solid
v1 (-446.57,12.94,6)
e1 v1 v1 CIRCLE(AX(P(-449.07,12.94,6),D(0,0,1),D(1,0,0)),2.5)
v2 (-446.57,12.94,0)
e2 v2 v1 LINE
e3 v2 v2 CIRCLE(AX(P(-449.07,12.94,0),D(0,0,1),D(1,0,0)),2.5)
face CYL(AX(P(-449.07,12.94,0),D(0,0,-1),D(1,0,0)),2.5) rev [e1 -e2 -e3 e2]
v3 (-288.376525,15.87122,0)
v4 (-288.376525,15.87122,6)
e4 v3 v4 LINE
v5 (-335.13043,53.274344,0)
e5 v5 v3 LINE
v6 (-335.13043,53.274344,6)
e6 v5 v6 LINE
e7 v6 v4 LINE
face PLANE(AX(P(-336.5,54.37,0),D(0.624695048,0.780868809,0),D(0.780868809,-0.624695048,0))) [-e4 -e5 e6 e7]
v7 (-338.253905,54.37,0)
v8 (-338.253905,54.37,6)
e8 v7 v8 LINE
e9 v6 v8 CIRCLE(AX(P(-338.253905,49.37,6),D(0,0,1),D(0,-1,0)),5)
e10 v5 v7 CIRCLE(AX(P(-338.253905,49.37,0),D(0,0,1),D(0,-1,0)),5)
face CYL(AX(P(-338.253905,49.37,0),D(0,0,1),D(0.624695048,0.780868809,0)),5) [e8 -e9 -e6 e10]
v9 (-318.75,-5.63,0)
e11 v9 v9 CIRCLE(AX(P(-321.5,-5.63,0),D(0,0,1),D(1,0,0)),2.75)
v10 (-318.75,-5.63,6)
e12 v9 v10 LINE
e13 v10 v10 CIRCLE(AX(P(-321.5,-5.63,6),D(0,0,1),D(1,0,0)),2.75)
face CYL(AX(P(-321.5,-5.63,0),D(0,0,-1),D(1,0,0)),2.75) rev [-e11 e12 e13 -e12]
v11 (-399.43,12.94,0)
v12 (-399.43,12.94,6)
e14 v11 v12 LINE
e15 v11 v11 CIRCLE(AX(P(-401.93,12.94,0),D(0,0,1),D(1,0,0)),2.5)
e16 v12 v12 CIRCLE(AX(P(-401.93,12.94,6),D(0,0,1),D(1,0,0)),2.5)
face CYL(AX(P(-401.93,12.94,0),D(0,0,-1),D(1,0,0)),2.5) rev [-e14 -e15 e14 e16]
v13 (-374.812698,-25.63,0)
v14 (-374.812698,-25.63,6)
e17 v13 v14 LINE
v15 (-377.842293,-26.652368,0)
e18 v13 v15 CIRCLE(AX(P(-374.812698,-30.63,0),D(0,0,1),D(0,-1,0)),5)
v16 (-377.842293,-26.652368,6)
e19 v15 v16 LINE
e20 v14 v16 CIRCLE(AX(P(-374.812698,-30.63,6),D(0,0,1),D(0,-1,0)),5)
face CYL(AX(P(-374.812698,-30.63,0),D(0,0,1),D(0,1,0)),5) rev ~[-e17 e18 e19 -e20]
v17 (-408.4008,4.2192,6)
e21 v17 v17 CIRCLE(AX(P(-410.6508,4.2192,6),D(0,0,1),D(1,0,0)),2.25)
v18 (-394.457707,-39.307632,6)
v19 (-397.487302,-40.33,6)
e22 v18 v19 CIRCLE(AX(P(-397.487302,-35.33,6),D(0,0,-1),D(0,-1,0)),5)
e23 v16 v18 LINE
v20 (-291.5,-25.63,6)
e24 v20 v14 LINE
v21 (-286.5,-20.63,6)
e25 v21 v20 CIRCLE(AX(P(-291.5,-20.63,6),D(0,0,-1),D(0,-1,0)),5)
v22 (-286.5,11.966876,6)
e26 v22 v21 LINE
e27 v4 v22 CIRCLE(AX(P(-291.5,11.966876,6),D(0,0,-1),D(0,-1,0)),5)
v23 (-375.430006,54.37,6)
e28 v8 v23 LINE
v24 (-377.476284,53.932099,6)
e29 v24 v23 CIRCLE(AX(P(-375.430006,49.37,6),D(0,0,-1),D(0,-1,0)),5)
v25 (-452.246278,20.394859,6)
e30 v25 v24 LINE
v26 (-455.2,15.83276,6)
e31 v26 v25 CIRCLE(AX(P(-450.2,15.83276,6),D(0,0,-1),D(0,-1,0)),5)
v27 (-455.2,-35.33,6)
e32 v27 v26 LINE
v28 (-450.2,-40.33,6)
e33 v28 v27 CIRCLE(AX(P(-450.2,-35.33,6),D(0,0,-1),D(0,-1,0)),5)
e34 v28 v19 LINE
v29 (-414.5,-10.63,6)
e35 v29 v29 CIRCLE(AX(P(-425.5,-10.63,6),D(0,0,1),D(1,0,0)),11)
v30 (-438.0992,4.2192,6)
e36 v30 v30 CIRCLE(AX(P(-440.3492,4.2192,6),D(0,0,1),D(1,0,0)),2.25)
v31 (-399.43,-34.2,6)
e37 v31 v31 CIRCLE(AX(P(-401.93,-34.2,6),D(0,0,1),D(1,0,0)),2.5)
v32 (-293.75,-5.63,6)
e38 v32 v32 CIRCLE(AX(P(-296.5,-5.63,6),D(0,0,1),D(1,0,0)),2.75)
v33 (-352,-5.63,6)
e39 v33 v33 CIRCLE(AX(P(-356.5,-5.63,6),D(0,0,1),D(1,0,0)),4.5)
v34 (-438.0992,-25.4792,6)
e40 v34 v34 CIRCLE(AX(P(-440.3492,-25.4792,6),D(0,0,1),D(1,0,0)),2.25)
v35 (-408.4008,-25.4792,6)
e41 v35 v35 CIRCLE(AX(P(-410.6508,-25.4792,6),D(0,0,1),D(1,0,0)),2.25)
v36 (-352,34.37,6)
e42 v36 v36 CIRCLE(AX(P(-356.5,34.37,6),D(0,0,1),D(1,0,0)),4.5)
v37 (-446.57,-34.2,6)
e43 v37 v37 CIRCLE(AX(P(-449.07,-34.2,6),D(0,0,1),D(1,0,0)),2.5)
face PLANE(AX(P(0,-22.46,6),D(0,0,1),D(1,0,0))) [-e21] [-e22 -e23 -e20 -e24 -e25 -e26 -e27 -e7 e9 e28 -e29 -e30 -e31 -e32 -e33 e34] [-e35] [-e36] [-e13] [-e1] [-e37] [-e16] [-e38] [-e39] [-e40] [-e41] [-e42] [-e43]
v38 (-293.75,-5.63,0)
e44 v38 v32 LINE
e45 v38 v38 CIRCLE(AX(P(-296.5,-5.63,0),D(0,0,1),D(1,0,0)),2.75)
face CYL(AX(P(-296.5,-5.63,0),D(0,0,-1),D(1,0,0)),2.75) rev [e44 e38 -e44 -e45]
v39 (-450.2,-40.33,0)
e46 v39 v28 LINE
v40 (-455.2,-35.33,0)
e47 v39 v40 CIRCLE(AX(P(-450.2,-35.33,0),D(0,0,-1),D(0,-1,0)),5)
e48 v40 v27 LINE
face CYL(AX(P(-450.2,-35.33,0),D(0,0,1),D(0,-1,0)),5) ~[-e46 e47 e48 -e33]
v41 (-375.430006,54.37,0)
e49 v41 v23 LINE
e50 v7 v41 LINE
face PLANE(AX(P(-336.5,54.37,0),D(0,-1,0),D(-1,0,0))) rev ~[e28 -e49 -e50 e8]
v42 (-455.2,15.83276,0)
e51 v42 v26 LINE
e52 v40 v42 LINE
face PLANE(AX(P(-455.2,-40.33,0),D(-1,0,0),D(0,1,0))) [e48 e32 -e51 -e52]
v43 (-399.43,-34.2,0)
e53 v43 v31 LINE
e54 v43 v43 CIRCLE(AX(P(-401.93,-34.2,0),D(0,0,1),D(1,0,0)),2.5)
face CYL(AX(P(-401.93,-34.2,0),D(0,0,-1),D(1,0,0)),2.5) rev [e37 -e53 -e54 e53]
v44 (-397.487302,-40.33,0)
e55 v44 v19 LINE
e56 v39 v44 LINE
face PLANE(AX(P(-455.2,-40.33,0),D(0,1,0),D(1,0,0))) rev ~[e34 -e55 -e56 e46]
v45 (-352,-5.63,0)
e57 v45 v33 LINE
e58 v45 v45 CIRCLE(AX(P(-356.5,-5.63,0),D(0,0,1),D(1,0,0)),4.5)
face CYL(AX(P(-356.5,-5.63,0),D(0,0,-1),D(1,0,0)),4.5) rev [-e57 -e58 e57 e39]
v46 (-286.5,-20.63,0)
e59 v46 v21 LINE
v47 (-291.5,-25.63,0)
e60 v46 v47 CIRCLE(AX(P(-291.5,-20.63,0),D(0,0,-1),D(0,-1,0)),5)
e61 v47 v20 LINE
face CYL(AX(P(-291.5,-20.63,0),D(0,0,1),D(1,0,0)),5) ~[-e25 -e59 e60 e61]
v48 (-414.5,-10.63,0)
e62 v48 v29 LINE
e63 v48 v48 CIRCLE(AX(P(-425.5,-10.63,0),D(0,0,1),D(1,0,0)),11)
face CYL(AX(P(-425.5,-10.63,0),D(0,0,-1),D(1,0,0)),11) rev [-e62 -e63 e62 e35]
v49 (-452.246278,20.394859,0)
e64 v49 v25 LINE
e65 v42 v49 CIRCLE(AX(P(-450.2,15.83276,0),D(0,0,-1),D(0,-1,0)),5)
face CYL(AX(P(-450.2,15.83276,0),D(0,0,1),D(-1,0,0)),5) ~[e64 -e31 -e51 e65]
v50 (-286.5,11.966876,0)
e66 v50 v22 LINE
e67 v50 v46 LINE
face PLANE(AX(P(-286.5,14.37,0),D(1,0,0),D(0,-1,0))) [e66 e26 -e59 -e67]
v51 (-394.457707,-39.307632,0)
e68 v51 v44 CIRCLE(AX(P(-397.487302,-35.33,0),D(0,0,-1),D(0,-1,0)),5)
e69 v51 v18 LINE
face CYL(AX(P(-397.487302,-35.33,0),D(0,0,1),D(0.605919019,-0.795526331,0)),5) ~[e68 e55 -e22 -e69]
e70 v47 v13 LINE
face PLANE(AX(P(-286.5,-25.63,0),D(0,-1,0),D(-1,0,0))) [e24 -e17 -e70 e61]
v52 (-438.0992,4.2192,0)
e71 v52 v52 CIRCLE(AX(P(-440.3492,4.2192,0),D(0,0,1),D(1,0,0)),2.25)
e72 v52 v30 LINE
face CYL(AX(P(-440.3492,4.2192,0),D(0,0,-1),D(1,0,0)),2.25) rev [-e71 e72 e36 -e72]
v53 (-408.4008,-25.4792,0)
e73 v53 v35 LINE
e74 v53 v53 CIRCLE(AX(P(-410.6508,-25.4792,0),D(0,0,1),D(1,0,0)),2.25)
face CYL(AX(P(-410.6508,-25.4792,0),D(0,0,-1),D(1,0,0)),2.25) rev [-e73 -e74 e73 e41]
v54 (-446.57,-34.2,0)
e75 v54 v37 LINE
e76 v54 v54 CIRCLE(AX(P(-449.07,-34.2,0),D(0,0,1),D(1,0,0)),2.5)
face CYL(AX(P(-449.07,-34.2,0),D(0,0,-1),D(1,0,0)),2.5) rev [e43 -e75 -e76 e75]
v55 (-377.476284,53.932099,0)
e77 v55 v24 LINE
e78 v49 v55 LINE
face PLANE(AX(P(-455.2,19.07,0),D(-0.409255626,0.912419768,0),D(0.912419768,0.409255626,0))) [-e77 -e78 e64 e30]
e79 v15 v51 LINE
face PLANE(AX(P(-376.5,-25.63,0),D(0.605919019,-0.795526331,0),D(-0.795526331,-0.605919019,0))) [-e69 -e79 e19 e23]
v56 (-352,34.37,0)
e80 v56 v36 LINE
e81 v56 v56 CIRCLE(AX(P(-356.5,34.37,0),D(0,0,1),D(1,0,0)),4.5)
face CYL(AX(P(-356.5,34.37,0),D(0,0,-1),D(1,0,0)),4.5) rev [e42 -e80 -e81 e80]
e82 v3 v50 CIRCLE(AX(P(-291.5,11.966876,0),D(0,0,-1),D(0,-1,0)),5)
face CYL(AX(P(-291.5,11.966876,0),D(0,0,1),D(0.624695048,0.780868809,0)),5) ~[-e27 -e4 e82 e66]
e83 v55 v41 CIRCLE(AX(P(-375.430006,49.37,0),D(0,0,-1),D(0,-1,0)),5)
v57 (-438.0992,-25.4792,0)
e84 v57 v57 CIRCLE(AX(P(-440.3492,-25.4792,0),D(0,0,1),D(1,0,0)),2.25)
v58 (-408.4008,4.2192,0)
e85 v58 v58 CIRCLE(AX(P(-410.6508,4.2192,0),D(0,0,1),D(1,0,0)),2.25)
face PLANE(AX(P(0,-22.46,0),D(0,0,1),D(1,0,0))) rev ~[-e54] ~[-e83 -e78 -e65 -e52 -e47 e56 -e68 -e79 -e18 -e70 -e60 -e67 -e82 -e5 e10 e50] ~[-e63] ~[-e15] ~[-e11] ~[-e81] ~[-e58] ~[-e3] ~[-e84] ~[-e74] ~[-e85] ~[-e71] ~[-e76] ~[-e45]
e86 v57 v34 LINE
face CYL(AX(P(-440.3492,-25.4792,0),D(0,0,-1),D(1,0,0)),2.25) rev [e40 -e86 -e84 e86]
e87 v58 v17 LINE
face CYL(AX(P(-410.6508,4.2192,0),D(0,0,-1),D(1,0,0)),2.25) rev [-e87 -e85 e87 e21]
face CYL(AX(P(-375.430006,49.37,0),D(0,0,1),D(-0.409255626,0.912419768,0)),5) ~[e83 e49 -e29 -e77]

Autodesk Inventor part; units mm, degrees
ref_plane "YZ Plane" through (0, 0, 0) normal (1, 0, 0) x (0, 1, 0)
ref_plane "XZ Plane" through (0, 0, 0) normal (0, 1, 0) x (-1, 0, 0)
ref_plane "XY Plane" through (0, 0, 0) normal (0, 0, 1) x (1, 0, 0)
ref_plane "Work Plane1" through (0, -22.46, 0) normal (0, 0, 1) x (1, 0, 0)
sketch "Sketch1" plane through (0, -22.46, 0) normal (0, 0, 1) x (1, 0, 0)
  circle A0 centre (-356.5, 56.83) radius 3.4 projected
  circle A1 centre (-356.5, 16.83) radius 3.4 projected
  line L0 (-336.5, 62.3996) -> (-336.5, 73.66) projected
  line L1 (-339.6594, 76.83) -> (-350.9175, 76.83) projected
  line L2 (-376.5, 73.8874) -> (-376.5, 62.627) projected
  line L3 (-376.5, 73.8874) -> (-376.5, 62.627) projected
  line L4 (-362.0696, 76.83) -> (-373.33, 76.83) projected
  line L5 (0, -3.17) -> (-336.5, -3.17) projected
  line L6 (-350.9175, -3.17) -> (-339.6594, -3.17) projected
  line L7 (-373.33, -3.17) -> (-362.0696, -3.17) projected
  line L8 (-376.5, 11.033) -> (-376.5, -0.2274) projected
  line L9 (-440.5, -13.17) -> (-410.5, -13.17) projected
  line L10 (-440.5, 36.83) -> (-440.5, -13.17) projected
  circle A2 centre (-425.5, 11.83) radius 11 projected
  point P0 (0, 22.46)
sketch "Sketch2" plane through (0, -22.46, 0) normal (0, 0, 1) x (1, 0, 0)
  circle A0 centre (-321.5, 16.83) radius 2.75
  circle A1 centre (-296.5, 16.83) radius 2.75
  line L0 (-336.5, 62.3996) -> (-336.5, 73.66) projected
  line L1 (0, -3.17) -> (-336.5, -3.17) construction
  circle A2 centre (-425.5, 11.83) radius 11 projected
  circle A3 centre (-425.5, 11.83) radius 21 construction
  circle A4 centre (-425.5, 11.83) radius 33.333 construction
  circle A5 centre (-440.3492, 26.6792) radius 2.25
  circle A6 centre (-449.07, 35.4) radius 2.5
  circle A7 centre (-440.3492, -3.0192) radius 2.25
  circle A8 centre (-410.6508, -3.0192) radius 2.25
  circle A9 centre (-410.6508, 26.6792) radius 2.25
  circle A10 centre (-449.07, -11.74) radius 2.5
  circle A11 centre (-401.93, -11.74) radius 2.5
  circle A12 centre (-401.93, 35.4) radius 2.5
  line L2 (-339.6594, 76.83) -> (-350.9175, 76.83) construction
  line L3 (-362.0696, 76.83) -> (-373.33, 76.83) construction
  line L4 (-376.5, 73.8874) -> (-376.5, 62.627) projected
  line L5 (-350.9175, -3.17) -> (-339.6594, -3.17) construction
  line L6 (-373.33, -3.17) -> (-362.0696, -3.17) construction
  line L7 (-376.5, 11.033) -> (-376.5, -0.2274) construction
  line L8 (-373.33, 76.83) -> (-376.5, 76.83) construction
  line L9 (-376.5, 76.83) -> (-376.5, 73.8874) construction
  line L10 (-336.5, 73.66) -> (-336.5, 76.83) construction
  line L11 (-336.5, 76.83) -> (-339.6594, 76.83) construction
  line L12 (-376.5, -0.2274) -> (-376.5, -3.17) construction
  line L13 (-376.5, -3.17) -> (-336.5, -3.17) construction
  line L14 (-395.8, -17.87) -> (-455.2, -17.87) construction
  line L15 (-455.2, -17.87) -> (-455.2, 41.53) construction
  line L16 (-455.2, 41.53) -> (-395.8, 41.53) construction
  line L17 (-395.8, 41.53) -> (-395.8, -17.87) construction
  line L18 (-395.8, -17.87) -> (-455.2, 41.53) construction
  line L19 (-455.2, -17.87) -> (-395.8, 41.53) construction
  line L20 (-336.5, 76.83) -> (-286.5, 36.83)
  line L21 (-286.5, 36.83) -> (-286.5, -3.17)
  line L22 (-286.5, -3.17) -> (-376.5, -3.17)
  line L23 (-376.5, -3.17) -> (-395.8, -17.87)
  line L24 (-455.2, -17.87) -> (-395.8, -17.87)
  line L25 (-455.2, -17.87) -> (-455.2, 41.53)
  line L26 (-455.2, 41.53) -> (-376.5, 76.83)
  line L27 (-336.5, 76.83) -> (-376.5, 76.83)
  circle A13 centre (-356.5, 56.83) radius 4.5
  circle A14 centre (-356.5, 16.83) radius 4.5
  point P0 (0, 22.46)
  point P1 (-336.5, 68.0298)
  dimension "d5" = 42
  dimension "d0" = 5.5
  dimension "d1" = 5.5
  dimension "d2" = 25
  dimension "d3" = 15
  dimension "d4" = 20
  dimension "d6" = 5
  dimension "d7" = 4.5
  dimension "d10" = 360
  dimension "d14" = 360
  dimension "d16" = 47.14
  dimension "d17" = 59.4
  dimension "d18" = 59.4
  dimension "d21" = 40
  dimension "d22" = 10
  dimension "d26" = 9
  dimension "d27" = 9
extrude "Extrusion1" add sketch "Sketch2" along normal blind 6
fillet "Fillet1" radius 5 8 edges at (-376.5, 54.37, 3) (-336.5, 54.37, 3) (-286.5, 14.37, 3) (-286.5, -25.63, 3) (-376.5, -25.63, 3) (-395.8, -40.33, 3) (-455.2, -40.33, 3) (-455.2, 19.07, 3)
equation "\"d18\" = d17"
equation "\"d27\" = d26"
properties part number "6MM_ENDPLATE_FIXEDSIDE"
